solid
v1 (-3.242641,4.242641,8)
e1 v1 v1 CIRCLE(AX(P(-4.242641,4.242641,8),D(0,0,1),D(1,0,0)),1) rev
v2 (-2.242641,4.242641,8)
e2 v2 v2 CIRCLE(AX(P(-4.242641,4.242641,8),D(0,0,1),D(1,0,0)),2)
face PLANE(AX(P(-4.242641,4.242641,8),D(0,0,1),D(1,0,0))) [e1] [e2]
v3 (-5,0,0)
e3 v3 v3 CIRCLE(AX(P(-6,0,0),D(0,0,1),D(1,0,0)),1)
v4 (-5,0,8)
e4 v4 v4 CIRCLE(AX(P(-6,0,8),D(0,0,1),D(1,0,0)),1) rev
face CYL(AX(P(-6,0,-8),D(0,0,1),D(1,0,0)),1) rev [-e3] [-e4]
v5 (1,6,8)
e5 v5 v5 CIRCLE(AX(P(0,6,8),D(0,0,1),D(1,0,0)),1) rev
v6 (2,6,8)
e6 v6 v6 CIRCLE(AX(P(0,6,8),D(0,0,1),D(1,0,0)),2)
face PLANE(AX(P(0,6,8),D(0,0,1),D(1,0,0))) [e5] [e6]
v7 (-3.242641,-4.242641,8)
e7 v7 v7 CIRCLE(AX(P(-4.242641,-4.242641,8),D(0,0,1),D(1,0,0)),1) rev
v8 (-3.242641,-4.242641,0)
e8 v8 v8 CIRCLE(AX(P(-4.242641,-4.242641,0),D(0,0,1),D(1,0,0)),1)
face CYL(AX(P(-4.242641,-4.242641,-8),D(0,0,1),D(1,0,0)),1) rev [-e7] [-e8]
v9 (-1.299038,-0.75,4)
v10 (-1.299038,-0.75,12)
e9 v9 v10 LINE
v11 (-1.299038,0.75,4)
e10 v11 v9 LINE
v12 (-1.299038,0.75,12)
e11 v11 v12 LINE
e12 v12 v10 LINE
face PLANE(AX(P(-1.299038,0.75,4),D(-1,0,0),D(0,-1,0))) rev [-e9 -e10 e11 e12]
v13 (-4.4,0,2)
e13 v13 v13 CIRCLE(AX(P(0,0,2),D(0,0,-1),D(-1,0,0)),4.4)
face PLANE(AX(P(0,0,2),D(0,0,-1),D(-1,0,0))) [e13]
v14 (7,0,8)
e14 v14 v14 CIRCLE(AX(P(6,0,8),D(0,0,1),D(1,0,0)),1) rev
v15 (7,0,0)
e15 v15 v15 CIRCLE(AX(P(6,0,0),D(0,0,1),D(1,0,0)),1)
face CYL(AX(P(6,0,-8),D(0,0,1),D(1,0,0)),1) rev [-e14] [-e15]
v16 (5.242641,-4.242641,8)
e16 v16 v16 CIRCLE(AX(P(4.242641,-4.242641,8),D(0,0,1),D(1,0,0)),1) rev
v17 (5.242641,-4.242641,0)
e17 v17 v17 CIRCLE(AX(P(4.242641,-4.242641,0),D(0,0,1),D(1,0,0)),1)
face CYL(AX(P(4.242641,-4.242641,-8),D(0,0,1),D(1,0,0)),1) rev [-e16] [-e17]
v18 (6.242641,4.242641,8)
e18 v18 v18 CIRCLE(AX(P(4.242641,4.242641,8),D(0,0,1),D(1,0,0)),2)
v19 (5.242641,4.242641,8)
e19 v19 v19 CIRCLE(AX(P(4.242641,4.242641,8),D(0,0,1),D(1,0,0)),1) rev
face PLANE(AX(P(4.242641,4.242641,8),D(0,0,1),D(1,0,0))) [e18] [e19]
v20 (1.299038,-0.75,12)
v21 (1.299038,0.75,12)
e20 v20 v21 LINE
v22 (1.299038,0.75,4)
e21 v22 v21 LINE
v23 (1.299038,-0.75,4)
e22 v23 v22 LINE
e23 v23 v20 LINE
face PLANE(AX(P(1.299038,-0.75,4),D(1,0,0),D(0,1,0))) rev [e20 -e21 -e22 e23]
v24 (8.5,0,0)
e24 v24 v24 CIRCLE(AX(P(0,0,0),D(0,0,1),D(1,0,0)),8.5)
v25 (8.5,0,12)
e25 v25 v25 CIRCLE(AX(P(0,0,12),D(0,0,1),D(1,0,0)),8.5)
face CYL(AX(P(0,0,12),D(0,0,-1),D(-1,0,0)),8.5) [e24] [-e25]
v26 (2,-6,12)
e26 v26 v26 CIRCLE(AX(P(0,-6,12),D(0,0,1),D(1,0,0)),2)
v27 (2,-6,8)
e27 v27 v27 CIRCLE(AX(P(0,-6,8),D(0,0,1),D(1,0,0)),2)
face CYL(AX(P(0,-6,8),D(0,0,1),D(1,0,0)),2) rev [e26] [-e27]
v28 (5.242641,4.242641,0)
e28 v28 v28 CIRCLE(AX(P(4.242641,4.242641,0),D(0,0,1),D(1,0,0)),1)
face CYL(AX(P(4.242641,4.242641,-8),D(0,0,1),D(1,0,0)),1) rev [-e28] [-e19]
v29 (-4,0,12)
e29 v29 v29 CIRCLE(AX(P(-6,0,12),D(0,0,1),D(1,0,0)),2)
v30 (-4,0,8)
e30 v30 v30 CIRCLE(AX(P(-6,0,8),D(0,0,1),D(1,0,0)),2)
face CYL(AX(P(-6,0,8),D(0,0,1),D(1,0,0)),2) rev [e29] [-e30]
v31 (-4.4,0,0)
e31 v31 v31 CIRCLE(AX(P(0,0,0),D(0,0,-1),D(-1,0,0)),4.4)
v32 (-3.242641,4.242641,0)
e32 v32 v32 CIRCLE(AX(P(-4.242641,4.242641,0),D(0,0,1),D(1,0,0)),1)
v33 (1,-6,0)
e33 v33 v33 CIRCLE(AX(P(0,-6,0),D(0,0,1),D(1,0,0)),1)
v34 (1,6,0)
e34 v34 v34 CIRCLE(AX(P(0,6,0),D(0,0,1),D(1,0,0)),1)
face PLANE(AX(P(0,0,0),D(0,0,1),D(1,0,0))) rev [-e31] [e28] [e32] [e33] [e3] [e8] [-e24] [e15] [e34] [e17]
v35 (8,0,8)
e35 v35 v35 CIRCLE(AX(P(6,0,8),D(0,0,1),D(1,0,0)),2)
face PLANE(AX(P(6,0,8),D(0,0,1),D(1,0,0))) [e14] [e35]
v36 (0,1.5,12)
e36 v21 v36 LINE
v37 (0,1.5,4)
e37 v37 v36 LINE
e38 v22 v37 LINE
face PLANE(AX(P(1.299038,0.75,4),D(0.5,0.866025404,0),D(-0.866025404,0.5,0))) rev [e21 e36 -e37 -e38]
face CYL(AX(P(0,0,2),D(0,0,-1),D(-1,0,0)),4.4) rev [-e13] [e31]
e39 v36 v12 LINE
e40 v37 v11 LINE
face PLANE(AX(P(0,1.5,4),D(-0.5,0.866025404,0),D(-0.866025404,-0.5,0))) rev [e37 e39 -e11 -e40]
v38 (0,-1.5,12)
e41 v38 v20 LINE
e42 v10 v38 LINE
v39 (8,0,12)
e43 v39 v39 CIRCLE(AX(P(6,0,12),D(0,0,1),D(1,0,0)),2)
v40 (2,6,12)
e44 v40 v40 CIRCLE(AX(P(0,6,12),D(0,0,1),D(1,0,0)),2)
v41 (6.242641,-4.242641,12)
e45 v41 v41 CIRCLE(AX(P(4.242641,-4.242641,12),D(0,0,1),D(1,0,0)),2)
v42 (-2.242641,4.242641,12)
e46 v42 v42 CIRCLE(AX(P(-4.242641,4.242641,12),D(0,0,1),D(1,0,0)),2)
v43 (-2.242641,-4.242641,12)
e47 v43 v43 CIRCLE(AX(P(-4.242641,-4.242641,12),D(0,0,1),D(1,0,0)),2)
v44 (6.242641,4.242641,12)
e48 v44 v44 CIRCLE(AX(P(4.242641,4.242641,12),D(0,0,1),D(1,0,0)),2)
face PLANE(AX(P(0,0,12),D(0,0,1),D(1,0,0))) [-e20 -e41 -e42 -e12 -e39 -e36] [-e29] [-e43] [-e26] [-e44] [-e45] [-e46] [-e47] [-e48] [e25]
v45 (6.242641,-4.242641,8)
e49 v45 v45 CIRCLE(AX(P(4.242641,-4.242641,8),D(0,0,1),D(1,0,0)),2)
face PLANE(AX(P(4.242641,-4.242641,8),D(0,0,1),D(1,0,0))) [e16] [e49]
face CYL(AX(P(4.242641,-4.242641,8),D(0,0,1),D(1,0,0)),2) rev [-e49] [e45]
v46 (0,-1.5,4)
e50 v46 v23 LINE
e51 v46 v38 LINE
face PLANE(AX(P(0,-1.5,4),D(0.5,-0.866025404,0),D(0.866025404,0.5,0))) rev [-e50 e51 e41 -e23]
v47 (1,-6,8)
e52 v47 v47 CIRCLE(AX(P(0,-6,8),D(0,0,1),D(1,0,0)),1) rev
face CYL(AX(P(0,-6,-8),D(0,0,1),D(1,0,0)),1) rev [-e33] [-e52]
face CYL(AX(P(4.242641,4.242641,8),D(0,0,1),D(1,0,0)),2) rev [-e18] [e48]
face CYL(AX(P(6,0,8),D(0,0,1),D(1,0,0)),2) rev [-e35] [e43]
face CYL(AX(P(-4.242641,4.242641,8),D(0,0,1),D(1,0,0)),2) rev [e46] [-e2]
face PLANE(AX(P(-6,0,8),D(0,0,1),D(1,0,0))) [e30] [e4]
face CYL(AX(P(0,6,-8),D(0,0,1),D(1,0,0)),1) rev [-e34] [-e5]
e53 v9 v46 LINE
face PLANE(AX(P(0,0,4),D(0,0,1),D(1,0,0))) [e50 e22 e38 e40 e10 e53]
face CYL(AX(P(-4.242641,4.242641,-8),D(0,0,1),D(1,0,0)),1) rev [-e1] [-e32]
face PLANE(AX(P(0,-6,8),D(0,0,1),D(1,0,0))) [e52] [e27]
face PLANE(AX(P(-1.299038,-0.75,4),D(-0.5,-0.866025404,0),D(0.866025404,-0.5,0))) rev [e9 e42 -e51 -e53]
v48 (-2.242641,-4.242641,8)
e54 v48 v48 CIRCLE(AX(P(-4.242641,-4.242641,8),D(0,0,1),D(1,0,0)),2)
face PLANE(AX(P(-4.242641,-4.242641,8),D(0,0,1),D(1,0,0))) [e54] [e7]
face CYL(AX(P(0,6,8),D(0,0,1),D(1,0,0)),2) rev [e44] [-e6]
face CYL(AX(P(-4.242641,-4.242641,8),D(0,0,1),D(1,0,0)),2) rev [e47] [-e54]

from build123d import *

# Parameters (mm, degrees)
SKETCH_1_R          = 8.5
EXTRUDE_1_DEPTH     = 12
SKETCH_2_R          = 1
CUT_EXTRUDE_1_DEPTH = 20
CUT_EXTRUDE_2_DEPTH = 8
SKETCH_4_R          = 4.4
CUT_EXTRUDE_3_DEPTH = 2
SKETCH_5_R          = 2
CUT_EXTRUDE_4_DEPTH = 4


with BuildPart() as part:
    # ｽｹｯﾁ1 → ﾎﾞｽ - 押し出し1 (new body)
    with BuildSketch(Plane.XY):
        Circle(SKETCH_1_R)
    extrude(amount=EXTRUDE_1_DEPTH)

    # ｽｹｯﾁ2 → ｶｯﾄ - 押し出し1 (cut)
    with BuildSketch(Plane.XY.offset(12)):
        with Locations((0, 6)):
            Circle(SKETCH_2_R)
        with Locations((4.242640687, 4.242640687)):
            Circle(SKETCH_2_R)
        with Locations((6, 0)):
            Circle(SKETCH_2_R)
        with Locations((4.242640687, -4.242640687)):
            Circle(SKETCH_2_R)
        with Locations((0, -6)):
            Circle(SKETCH_2_R)
        with Locations((-4.242640687, -4.242640687)):
            Circle(SKETCH_2_R)
        with Locations((-6, 0)):
            Circle(SKETCH_2_R)
        with Locations((-4.242640687, 4.242640687)):
            Circle(SKETCH_2_R)
    extrude(amount=-CUT_EXTRUDE_1_DEPTH, mode=Mode.SUBTRACT)

    # ｽｹｯﾁ3 → ｶｯﾄ - 押し出し2 (cut)
    with BuildSketch(Plane.XY.offset(12)):
        Polygon((0, 1.5), (-1.299038106, 0.75), (-1.299038106, -0.75), (0, -1.5), (1.299038106, -0.75), (1.299038106, 0.75), align=None)
    extrude(amount=-CUT_EXTRUDE_2_DEPTH, mode=Mode.SUBTRACT)

    # ｽｹｯﾁ4 → ｶｯﾄ - 押し出し3 (cut)
    with BuildSketch(Plane(origin=(0, 0, 0), x_dir=(-1, 0, 0), z_dir=(0, 0, -1))):
        Circle(SKETCH_4_R)
    extrude(amount=-CUT_EXTRUDE_3_DEPTH, mode=Mode.SUBTRACT)

    # ｽｹｯﾁ5 → ｶｯﾄ - 押し出し4 (cut)
    with BuildSketch(Plane.XY.offset(12)):
        with Locations((0, 6)):
            Circle(SKETCH_5_R)
        with Locations((4.242640687, 4.242640687)):
            Circle(SKETCH_5_R)
        with Locations((6, 0)):
            Circle(SKETCH_5_R)
        with Locations((4.242640687, -4.242640687)):
            Circle(SKETCH_5_R)
        with Locations((0, -6)):
            Circle(SKETCH_5_R)
        with Locations((-4.242640687, -4.242640687)):
            Circle(SKETCH_5_R)
        with Locations((-6, 0)):
            Circle(SKETCH_5_R)
        with Locations((-4.242640687, 4.242640687)):
            Circle(SKETCH_5_R)
    extrude(amount=-CUT_EXTRUDE_4_DEPTH, mode=Mode.SUBTRACT)


solid = part.part
